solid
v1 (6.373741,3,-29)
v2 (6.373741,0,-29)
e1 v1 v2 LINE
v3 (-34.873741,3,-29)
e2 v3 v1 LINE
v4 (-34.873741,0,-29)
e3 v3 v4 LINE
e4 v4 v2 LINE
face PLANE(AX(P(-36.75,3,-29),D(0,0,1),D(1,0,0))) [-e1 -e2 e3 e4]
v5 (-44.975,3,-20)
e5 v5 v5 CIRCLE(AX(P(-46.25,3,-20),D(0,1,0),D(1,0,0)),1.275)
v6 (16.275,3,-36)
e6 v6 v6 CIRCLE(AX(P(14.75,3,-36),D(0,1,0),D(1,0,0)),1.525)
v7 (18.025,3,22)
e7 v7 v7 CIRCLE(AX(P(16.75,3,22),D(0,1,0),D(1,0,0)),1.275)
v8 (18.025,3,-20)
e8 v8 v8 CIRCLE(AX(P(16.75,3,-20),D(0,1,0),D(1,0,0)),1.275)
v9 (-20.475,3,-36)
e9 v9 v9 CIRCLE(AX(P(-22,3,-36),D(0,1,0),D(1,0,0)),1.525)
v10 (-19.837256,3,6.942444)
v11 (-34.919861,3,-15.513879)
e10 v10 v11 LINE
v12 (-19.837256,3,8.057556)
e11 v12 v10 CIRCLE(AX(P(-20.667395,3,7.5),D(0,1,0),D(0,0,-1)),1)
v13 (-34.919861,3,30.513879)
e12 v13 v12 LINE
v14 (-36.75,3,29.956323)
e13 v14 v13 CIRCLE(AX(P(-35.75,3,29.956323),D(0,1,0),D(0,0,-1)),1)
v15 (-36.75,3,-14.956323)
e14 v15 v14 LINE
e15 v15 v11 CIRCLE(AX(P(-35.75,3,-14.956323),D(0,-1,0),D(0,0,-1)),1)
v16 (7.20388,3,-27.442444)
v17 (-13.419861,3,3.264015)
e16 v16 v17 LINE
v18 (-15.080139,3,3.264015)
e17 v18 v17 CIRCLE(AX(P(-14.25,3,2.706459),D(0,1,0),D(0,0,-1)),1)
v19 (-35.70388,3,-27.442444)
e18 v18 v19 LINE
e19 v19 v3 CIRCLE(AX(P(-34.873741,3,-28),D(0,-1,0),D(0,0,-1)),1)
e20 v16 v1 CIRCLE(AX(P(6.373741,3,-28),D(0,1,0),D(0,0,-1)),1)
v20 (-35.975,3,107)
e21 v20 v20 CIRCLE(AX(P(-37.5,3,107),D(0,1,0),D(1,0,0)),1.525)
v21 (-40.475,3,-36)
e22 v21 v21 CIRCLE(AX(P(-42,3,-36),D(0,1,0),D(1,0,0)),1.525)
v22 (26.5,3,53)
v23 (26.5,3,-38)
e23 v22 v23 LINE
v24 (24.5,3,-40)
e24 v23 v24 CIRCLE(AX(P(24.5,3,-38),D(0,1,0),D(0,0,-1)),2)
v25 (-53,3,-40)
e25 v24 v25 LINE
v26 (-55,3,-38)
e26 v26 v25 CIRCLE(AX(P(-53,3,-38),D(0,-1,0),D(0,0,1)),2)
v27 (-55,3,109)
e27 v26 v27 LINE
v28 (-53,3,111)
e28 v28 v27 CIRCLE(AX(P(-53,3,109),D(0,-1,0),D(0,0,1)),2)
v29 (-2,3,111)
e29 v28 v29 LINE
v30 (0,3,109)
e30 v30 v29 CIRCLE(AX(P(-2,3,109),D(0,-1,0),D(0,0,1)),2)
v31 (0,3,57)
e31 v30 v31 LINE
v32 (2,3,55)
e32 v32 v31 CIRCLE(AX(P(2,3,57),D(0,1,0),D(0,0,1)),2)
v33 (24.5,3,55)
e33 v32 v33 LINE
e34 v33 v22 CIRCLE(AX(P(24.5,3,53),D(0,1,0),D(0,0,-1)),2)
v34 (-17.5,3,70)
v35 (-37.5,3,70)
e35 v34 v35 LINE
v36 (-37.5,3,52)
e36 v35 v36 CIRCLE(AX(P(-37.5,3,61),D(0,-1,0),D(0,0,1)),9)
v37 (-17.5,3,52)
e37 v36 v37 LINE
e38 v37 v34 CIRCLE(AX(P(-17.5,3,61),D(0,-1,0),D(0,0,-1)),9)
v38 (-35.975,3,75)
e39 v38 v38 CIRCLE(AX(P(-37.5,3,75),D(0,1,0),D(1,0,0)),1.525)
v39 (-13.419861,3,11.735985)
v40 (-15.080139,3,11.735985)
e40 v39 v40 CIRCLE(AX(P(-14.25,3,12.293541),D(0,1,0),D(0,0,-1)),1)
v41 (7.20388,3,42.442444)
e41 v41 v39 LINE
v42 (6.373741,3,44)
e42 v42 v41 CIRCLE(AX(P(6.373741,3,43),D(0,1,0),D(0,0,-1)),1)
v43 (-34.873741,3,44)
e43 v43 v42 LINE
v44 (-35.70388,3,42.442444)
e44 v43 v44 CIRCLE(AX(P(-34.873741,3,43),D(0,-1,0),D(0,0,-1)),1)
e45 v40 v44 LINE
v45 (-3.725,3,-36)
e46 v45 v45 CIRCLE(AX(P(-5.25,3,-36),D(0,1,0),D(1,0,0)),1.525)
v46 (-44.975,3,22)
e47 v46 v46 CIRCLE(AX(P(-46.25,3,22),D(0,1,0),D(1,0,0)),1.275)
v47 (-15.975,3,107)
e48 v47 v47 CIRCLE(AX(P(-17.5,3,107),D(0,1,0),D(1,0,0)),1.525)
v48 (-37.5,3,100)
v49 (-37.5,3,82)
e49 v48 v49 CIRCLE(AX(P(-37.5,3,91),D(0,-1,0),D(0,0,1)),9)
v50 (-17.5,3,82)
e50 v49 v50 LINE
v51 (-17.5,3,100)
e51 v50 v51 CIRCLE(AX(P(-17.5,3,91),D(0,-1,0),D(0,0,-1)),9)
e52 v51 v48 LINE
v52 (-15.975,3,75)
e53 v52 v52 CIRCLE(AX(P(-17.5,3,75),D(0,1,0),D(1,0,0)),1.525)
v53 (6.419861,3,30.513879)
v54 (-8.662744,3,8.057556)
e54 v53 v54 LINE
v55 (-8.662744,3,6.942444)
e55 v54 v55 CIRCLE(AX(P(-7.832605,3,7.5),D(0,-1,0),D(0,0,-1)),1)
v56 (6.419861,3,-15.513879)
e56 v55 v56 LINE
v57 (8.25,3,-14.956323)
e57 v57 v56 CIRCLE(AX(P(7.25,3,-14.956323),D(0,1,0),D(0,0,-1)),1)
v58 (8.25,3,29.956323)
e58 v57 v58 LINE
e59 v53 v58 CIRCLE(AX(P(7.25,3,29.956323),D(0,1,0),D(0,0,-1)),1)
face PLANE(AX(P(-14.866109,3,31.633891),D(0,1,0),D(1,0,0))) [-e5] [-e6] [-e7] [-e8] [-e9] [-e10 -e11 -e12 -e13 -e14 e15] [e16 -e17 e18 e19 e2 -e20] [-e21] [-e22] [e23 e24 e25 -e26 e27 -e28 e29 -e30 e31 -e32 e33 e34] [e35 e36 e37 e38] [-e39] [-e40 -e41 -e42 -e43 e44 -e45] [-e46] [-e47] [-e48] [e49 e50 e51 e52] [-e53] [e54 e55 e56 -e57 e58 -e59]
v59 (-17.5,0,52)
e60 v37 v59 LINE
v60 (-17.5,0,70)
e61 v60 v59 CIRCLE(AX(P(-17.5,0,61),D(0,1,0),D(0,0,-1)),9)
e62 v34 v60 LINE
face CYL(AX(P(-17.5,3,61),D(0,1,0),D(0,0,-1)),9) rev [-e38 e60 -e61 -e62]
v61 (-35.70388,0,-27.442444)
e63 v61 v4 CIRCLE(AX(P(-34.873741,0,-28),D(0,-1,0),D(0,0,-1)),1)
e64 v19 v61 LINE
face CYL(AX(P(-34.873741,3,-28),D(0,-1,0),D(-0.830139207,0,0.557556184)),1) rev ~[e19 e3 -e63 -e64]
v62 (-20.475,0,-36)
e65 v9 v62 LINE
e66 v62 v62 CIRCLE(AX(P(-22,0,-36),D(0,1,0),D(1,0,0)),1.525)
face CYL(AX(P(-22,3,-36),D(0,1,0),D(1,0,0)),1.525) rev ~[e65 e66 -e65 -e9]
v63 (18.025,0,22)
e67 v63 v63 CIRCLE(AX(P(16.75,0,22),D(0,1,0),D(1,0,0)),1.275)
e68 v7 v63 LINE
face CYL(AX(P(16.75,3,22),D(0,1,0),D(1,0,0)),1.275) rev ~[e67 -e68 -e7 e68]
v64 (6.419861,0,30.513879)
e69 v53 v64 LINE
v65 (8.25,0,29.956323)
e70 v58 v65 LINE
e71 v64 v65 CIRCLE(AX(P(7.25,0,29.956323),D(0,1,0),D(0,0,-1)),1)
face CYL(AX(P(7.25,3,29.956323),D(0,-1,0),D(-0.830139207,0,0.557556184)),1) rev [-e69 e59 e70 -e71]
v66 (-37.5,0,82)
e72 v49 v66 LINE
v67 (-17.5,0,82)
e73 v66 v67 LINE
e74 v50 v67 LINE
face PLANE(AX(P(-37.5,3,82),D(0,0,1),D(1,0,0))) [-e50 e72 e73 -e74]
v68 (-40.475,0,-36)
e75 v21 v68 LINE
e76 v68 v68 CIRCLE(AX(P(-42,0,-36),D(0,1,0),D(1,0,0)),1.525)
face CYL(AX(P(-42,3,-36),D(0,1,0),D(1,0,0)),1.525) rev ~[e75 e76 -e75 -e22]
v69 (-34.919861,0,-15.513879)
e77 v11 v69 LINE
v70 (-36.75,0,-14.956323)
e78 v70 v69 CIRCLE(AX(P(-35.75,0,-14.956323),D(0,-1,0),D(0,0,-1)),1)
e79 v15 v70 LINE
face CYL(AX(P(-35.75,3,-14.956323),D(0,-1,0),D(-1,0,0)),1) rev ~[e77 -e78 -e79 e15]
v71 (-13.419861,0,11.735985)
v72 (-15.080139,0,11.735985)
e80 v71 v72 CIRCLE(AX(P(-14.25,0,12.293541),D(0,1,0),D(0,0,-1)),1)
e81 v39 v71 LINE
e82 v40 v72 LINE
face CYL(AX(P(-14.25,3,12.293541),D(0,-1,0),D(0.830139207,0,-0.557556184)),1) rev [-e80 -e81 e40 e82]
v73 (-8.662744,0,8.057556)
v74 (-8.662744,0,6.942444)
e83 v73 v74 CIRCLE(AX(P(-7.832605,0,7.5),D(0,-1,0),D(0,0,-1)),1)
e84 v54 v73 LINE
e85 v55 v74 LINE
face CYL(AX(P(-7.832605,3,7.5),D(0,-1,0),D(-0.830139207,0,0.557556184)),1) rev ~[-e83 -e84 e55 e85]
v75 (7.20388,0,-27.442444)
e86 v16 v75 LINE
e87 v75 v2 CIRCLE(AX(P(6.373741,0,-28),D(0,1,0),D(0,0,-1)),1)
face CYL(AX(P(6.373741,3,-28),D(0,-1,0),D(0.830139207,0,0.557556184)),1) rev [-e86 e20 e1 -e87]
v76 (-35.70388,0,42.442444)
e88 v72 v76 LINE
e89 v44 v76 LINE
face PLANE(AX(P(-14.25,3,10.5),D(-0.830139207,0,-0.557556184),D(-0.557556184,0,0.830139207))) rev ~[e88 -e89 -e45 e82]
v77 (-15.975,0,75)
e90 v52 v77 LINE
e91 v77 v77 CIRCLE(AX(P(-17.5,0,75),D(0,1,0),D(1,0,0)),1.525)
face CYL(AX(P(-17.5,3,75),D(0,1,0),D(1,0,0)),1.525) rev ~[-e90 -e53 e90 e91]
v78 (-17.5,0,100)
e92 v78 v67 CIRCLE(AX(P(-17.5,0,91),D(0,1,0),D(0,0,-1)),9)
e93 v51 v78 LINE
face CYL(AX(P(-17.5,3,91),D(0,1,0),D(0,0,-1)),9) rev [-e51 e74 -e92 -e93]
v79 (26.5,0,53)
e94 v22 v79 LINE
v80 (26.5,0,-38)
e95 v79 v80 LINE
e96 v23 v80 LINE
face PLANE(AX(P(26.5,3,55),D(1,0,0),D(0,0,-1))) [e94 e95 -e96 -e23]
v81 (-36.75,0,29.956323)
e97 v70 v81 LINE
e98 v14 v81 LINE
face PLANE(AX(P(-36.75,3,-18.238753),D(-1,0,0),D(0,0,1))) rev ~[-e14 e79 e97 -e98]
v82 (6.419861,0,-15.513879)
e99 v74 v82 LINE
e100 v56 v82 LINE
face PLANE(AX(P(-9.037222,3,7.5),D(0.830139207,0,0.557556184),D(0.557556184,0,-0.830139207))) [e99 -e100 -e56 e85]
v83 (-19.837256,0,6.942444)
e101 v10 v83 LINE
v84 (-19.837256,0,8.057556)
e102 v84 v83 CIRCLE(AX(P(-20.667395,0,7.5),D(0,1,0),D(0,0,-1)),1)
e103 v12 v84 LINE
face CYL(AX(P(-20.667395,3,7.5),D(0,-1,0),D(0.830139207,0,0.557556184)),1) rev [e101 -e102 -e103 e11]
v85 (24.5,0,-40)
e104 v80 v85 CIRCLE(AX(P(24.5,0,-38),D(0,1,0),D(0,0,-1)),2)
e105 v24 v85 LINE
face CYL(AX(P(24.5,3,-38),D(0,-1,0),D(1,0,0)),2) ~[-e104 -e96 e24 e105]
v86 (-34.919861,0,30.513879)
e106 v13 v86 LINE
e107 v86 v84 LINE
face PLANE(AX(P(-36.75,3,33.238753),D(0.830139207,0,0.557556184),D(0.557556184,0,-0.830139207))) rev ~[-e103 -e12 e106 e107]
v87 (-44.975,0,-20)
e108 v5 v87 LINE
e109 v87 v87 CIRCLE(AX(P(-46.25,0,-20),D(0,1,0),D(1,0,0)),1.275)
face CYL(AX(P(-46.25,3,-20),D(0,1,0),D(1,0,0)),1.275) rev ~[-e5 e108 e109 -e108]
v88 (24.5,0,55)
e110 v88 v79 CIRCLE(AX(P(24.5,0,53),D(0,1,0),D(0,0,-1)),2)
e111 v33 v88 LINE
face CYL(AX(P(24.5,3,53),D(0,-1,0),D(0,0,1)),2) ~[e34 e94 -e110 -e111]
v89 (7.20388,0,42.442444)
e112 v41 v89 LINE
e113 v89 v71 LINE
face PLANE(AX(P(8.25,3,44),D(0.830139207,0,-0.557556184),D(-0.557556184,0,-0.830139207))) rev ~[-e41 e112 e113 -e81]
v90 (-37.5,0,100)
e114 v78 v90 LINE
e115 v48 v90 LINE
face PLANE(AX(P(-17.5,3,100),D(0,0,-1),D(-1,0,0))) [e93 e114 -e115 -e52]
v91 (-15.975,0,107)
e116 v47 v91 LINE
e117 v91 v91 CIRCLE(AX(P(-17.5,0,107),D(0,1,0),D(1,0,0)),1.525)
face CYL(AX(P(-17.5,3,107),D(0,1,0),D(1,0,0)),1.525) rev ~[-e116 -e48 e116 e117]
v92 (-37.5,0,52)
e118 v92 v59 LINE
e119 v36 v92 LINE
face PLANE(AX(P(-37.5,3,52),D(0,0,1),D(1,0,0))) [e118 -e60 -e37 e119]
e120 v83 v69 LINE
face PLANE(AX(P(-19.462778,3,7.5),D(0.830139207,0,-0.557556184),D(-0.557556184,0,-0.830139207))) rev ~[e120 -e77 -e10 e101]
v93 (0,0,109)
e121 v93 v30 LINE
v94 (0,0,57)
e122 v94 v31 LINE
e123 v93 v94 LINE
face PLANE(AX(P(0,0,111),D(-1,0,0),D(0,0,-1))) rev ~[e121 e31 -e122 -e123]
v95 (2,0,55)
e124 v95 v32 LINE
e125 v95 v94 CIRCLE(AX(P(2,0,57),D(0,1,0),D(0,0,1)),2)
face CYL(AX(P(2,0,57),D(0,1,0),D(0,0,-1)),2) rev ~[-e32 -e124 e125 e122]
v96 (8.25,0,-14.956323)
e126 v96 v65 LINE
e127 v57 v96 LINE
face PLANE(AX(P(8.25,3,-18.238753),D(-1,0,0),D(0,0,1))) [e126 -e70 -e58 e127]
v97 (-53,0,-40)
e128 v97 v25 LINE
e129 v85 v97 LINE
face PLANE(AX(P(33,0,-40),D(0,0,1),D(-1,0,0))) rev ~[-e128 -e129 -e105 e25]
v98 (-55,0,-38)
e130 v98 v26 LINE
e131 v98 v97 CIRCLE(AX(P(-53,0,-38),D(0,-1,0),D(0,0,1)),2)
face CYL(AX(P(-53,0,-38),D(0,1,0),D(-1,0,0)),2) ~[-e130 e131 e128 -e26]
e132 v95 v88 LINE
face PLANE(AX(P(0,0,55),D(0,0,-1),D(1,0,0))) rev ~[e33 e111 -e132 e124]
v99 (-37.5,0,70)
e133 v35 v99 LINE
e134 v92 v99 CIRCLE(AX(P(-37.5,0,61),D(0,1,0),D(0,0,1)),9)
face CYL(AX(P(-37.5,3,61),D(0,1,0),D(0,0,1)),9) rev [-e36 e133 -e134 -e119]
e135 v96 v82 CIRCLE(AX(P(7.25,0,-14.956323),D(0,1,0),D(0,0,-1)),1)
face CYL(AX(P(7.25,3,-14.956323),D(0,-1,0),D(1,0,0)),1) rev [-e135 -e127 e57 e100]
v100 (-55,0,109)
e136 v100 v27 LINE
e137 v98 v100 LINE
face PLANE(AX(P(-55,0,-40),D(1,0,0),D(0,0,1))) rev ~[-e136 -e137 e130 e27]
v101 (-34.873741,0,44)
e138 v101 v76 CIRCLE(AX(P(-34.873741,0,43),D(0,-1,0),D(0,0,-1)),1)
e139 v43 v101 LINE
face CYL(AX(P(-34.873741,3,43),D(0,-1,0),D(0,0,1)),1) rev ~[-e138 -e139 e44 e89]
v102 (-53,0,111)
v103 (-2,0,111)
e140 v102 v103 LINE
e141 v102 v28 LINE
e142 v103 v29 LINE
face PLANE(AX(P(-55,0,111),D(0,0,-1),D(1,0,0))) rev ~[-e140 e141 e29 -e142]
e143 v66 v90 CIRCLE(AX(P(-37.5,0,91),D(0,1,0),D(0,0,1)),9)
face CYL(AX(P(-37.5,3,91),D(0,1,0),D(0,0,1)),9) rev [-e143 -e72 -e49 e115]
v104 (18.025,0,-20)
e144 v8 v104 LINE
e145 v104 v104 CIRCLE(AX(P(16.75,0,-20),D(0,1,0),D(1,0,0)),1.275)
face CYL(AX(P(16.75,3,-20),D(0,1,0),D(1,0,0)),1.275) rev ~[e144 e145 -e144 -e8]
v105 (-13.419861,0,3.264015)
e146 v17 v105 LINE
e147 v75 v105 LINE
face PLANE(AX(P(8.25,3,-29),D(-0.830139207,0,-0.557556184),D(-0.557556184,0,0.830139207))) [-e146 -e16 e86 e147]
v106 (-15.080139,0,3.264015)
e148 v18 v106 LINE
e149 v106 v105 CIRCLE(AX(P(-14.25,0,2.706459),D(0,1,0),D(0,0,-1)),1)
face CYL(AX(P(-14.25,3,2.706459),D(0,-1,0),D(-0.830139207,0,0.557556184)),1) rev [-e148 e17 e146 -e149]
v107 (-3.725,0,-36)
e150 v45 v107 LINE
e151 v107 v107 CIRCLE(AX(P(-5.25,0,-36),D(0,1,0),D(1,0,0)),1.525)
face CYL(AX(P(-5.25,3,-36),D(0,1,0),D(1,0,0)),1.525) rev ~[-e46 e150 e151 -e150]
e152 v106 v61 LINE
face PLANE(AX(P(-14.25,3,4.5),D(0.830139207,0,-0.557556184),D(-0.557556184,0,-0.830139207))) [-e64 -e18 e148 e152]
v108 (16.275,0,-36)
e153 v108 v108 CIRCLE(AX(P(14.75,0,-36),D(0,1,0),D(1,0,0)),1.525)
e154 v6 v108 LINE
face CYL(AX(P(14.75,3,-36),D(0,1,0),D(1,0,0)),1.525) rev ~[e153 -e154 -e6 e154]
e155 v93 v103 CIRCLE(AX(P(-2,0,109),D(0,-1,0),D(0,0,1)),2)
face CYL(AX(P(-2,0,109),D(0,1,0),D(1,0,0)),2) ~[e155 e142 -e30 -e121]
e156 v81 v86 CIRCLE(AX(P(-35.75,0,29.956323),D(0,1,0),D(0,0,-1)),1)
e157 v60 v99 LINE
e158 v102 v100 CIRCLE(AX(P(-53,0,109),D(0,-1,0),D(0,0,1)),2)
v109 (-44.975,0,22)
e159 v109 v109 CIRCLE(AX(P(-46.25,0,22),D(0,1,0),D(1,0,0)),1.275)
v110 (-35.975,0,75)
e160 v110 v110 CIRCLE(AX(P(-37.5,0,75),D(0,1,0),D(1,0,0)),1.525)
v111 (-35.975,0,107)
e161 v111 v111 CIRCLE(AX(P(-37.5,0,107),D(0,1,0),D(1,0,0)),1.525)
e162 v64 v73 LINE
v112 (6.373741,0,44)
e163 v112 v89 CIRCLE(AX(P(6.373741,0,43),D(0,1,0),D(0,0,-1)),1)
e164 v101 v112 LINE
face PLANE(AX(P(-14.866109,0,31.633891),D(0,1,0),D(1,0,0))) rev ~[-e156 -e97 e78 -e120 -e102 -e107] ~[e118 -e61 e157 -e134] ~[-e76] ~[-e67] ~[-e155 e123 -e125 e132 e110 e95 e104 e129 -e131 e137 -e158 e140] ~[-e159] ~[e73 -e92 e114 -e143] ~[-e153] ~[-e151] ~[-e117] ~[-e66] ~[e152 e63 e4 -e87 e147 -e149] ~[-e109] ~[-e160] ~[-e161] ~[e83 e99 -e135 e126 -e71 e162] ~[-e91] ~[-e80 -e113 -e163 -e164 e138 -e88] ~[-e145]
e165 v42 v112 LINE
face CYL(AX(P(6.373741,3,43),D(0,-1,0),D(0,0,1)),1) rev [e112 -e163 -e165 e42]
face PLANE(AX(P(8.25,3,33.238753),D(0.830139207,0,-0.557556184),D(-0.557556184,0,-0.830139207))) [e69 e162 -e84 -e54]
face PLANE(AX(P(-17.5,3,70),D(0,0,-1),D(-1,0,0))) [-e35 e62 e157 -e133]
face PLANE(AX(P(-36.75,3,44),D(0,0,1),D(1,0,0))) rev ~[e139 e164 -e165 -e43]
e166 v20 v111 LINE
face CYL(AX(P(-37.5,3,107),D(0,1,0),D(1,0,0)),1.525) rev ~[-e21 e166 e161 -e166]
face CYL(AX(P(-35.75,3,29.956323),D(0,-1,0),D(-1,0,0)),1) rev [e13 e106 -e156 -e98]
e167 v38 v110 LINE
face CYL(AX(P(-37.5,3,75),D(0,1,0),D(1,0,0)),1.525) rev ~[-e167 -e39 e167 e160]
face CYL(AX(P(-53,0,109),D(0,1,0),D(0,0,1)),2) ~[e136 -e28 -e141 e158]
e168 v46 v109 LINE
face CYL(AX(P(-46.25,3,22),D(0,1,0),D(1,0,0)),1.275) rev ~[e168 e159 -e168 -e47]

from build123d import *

# Parameters (mm, degrees)
EXTRUDE_1_DEPTH          = 3
SKETCH_2_R               = 1.525
CUT_EXTRUDE_1_DEPTH      = 4
SKETCH_3_R               = 1.275
CUT_EXTRUDE_2_DEPTH      = 4
SKETCH_5_W               = 6.5
SKETCH_5_H               = 95
CUT_EXTRUDE_4_DEPTH      = 4
FILLET_3_R               = 2
CUT_EXTRUDE_5_DEPTH      = 1
CUT_EXTRUDE_5_DEPTH_BACK = 4
FILLET_4_R               = 1
CUT_EXTRUDE_6_DEPTH      = 1
CUT_EXTRUDE_6_DEPTH_BACK = 4


with BuildPart() as part:
    # 草图1 → 凸台-拉伸1 (new body)
    with BuildSketch(Plane(origin=(0, 0, 0), x_dir=(1, 0, 0), z_dir=(0, 1, 0))):
        Polygon((33, -55), (33, 0), (33, 40), (-55, 40), (-55, -111), (0, -111), (0, -55), align=None)
    extrude(amount=EXTRUDE_1_DEPTH)

    # 草图2 → 切除-拉伸1 (cut, through all)
    with BuildSketch(Plane(origin=(0, 3, 0), x_dir=(1, 0, 0), z_dir=(0, 1, 0))):
        with Locations((-37.5, -107)):
            Circle(SKETCH_2_R)
        with Locations((-17.5, -107)):
            Circle(SKETCH_2_R)
        with Locations((-37.5, -75)):
            Circle(SKETCH_2_R)
        with Locations((-17.5, -75)):
            Circle(SKETCH_2_R)
        with Locations((-42, 36)):
            Circle(SKETCH_2_R)
        with Locations((-22, 36)):
            Circle(SKETCH_2_R)
        with Locations((-5.25, 36)):
            Circle(SKETCH_2_R)
        with Locations((14.75, 36)):
            Circle(SKETCH_2_R)
    extrude(amount=-CUT_EXTRUDE_1_DEPTH, mode=Mode.SUBTRACT)

    # 草图3 → 切除-拉伸2 (cut, through all)
    with BuildSketch(Plane(origin=(0, 3, 0), x_dir=(1, 0, 0), z_dir=(0, 1, 0))):
        with Locations((16.75, 20)):
            Circle(SKETCH_3_R)
        with Locations((-46.25, 20)):
            Circle(SKETCH_3_R)
        with Locations((16.75, -22)):
            Circle(SKETCH_3_R)
        with Locations((-46.25, -22)):
            Circle(SKETCH_3_R)
    extrude(amount=-CUT_EXTRUDE_2_DEPTH, mode=Mode.SUBTRACT)

    # 草图5 → 切除-拉伸4 (cut, through all)
    with BuildSketch(Plane(origin=(0, 3, 0), x_dir=(1, 0, 0), z_dir=(0, 1, 0))):
        with Locations((29.75, -7.5)):
            Rectangle(SKETCH_5_W, SKETCH_5_H)
    extrude(amount=-CUT_EXTRUDE_4_DEPTH, mode=Mode.SUBTRACT)

    # 圆角3
    fillet_3_edges = [part.edges().sort_by_distance(p)[0] for p in [
        (0, 1.5, 111),
        (-55, 1.5, 111),
        (-55, 1.5, -40),
        (0, 1.5, 55),
        (26.5, 1.5, 55),
        (26.5, 1.5, -40),
    ]]
    fillet(fillet_3_edges, radius=FILLET_3_R)

    # 草图6 → 切除-拉伸5 (cut, two sides)
    with BuildSketch(Plane(origin=(0, 3, 0), x_dir=(1, 0, 0), z_dir=(0, 1, 0))) as cut_extrude_5_sk:
        Polygon((-36.75, 29), (8.25, 29), (-14.25, -4.5), align=None)
        Polygon((-36.75, 18.238752654), (-36.75, -33.238752654), (-19.462778068, -7.5), align=None)
        Polygon((-9.037221932, -7.5), (8.25, 18.238752654), (8.25, -33.238752654), align=None)
        Polygon((-36.75, -44), (8.25, -44), (-14.25, -10.5), align=None)
    extrude(amount=CUT_EXTRUDE_5_DEPTH, mode=Mode.SUBTRACT)
    extrude(cut_extrude_5_sk.sketch, amount=-CUT_EXTRUDE_5_DEPTH_BACK, mode=Mode.SUBTRACT)

    # 圆角4
    fillet_4_edges = [part.edges().sort_by_distance(p)[0] for p in [
        (-36.75, 1.5, -18.238752654),
        (-19.462778068, 1.5, 7.5),
        (-36.75, 1.5, 33.238752654),
        (8.25, 1.5, 33.238752654),
        (-9.037221932, 1.5, 7.5),
        (8.25, 1.5, -18.238752654),
        (-36.75, 1.5, 44),
        (-14.25, 1.5, 10.5),
        (8.25, 1.5, 44),
        (-14.25, 1.5, 4.5),
        (-36.75, 1.5, -29),
        (8.25, 1.5, -29),
    ]]
    fillet(fillet_4_edges, radius=FILLET_4_R)

    # 草图7 → 切除-拉伸6 (cut, two sides)
    with BuildSketch(Plane(origin=(0, 3, 0), x_dir=(1, 0, 0), z_dir=(0, 1, 0))) as cut_extrude_6_sk:
        with BuildLine():
            Line((-37.5, -52), (-17.5, -52))
            ThreePointArc((-17.5, -52), (-8.5, -61), (-17.5, -70))
            Line((-17.5, -70), (-37.5, -70))
            ThreePointArc((-37.5, -70), (-46.5, -61), (-37.5, -52))
        make_face()
        with BuildLine():
            Line((-37.5, -82), (-17.5, -82))
            ThreePointArc((-17.5, -82), (-8.5, -91), (-17.5, -100))
            Line((-17.5, -100), (-37.5, -100))
            ThreePointArc((-37.5, -100), (-46.5, -91), (-37.5, -82))
        make_face()
    extrude(amount=CUT_EXTRUDE_6_DEPTH, mode=Mode.SUBTRACT)
    extrude(cut_extrude_6_sk.sketch, amount=-CUT_EXTRUDE_6_DEPTH_BACK, mode=Mode.SUBTRACT)


solid = part.part
